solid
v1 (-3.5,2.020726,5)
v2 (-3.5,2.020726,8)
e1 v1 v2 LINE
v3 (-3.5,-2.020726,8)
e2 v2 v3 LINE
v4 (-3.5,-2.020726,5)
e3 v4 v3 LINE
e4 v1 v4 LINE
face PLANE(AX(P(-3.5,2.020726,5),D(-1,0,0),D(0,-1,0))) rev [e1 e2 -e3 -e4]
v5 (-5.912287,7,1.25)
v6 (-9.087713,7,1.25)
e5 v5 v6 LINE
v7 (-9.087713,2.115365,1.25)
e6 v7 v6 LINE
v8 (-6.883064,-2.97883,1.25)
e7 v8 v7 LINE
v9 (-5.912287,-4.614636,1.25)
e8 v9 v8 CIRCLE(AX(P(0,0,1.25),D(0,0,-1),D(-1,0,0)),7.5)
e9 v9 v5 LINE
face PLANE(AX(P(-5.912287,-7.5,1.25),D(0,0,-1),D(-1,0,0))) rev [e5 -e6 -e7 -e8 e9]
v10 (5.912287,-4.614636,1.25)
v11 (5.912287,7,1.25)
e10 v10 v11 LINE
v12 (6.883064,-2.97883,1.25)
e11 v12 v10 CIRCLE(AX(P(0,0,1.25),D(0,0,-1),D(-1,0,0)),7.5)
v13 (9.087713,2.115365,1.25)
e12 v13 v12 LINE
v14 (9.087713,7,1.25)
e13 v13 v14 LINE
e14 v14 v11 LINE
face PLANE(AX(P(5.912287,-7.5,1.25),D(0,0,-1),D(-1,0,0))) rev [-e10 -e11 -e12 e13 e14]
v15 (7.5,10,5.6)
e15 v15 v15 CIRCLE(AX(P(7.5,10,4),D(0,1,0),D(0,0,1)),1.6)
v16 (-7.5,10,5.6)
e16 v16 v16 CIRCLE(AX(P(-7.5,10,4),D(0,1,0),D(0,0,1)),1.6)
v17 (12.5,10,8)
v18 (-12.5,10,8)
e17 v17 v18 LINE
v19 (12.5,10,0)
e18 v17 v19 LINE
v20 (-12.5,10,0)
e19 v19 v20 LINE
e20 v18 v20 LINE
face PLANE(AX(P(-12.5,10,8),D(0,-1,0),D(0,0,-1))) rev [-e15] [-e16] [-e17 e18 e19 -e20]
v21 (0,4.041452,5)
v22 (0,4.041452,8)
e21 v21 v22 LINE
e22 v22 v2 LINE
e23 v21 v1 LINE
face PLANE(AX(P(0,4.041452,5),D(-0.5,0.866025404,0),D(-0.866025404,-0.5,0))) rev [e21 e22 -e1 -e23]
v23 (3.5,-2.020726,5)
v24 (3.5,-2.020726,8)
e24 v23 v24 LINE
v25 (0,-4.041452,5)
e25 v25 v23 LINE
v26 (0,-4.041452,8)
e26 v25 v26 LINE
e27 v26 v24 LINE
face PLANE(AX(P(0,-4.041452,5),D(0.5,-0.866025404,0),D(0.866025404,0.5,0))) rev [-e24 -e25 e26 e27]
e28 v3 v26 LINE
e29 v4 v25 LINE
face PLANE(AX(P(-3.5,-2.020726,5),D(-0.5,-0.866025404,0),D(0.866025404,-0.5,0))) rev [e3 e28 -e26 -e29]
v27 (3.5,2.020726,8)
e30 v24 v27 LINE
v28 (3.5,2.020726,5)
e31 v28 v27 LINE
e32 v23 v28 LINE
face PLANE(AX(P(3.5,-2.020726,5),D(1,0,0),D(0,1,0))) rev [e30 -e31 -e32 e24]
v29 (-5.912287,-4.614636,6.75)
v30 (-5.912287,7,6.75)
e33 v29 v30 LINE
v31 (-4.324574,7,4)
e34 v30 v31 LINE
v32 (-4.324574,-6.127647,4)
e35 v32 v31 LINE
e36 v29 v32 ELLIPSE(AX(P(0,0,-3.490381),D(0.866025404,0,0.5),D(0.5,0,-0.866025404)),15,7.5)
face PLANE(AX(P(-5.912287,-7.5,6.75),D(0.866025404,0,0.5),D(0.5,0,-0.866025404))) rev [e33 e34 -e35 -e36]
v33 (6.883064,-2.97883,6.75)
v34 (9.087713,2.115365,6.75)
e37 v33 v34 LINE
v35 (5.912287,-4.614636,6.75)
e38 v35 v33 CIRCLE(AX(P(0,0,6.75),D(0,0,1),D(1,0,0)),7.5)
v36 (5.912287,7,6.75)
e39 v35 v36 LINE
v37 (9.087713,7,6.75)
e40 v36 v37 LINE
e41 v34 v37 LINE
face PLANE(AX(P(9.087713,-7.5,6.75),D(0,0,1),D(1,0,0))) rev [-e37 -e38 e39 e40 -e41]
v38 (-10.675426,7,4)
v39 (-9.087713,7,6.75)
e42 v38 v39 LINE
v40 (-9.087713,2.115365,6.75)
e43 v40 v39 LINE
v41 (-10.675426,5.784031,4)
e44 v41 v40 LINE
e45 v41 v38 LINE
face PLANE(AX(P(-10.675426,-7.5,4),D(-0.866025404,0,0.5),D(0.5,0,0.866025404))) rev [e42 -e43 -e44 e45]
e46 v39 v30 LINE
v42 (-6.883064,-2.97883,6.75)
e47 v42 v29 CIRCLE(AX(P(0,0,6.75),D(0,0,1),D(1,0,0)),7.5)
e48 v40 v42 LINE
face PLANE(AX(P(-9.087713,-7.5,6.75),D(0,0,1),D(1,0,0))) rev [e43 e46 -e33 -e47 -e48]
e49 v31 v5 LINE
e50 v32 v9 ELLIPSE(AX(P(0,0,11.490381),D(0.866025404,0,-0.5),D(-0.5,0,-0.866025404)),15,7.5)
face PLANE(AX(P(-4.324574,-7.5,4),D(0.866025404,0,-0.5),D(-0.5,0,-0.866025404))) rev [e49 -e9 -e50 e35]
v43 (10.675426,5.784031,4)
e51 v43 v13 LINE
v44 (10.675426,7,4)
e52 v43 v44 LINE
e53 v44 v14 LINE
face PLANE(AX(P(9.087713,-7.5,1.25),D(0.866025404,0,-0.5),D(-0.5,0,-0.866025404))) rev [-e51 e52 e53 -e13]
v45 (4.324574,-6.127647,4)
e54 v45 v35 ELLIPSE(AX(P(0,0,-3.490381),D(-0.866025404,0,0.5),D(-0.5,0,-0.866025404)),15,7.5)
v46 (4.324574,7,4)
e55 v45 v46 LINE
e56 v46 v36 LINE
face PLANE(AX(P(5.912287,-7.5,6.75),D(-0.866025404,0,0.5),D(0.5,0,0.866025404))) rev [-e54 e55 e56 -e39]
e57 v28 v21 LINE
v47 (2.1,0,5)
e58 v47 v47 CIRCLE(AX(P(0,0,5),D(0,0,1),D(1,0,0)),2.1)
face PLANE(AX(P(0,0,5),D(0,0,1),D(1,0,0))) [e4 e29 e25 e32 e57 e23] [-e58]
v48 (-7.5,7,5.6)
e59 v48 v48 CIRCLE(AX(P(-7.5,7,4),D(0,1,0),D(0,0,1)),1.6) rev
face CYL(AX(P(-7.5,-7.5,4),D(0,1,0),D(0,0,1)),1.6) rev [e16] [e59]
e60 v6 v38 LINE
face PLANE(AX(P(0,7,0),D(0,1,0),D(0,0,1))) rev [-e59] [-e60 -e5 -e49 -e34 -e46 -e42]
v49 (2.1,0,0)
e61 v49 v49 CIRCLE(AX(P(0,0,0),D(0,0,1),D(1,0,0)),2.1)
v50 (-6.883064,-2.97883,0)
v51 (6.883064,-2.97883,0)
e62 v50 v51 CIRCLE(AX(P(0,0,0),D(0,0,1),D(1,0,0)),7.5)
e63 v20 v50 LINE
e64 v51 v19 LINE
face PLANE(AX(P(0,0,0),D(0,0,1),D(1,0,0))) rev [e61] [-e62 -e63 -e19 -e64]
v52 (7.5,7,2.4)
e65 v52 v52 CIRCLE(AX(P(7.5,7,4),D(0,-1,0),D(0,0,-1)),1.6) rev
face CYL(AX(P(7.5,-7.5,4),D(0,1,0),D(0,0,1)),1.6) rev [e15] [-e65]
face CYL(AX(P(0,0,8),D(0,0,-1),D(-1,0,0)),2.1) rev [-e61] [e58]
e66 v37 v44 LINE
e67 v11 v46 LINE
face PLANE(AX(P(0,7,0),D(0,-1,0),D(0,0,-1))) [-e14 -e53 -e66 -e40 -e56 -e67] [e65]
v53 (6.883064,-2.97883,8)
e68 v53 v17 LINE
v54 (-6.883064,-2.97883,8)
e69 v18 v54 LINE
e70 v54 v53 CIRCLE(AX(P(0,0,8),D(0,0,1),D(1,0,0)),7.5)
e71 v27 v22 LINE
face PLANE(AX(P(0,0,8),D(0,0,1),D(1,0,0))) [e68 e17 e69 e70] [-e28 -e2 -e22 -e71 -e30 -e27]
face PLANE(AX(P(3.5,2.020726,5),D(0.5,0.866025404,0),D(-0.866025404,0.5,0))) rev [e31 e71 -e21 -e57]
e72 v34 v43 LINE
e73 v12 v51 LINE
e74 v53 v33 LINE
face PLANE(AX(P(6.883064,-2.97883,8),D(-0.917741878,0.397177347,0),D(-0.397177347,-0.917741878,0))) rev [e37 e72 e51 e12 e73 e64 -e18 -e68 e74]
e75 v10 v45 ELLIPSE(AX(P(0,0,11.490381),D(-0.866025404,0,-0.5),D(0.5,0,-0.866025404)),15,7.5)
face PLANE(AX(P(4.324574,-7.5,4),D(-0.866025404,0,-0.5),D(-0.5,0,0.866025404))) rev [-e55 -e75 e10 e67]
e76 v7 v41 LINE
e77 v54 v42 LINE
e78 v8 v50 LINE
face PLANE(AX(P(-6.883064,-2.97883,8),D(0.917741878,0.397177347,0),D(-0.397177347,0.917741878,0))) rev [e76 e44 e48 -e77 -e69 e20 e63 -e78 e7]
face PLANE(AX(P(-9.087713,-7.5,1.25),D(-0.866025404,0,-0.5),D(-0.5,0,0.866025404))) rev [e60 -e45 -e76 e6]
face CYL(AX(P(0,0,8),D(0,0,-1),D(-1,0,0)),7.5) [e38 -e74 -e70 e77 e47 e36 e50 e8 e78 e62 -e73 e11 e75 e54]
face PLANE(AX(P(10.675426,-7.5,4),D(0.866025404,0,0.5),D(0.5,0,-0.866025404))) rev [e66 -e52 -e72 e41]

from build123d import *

# Parameters (mm, degrees)
SKETCH1_R           = 2.1
BOSS_EXTRUDE1_DEPTH = 8
SKETCH2_R           = 1.6
CUT_EXTRUDE1_DEPTH  = 18.5
CUT_EXTRUDE2_DEPTH  = 3
CUT_EXTRUDE3_START  = -3
CUT_EXTRUDE3_DEPTH  = 15.5000001


with BuildPart() as part:
    # Sketch1 → Boss-Extrude1 (new body)
    with BuildSketch(Plane.XY):
        with BuildLine():
            Line((-6.883064085, -2.978830106), (-12.5, 10))
            Line((-12.5, 10), (12.5, 10))
            Line((12.5, 10), (6.883064085, -2.978830106))
            ThreePointArc((6.883064085, -2.978830106), (0, -7.5), (-6.883064085, -2.978830106))
        make_face()
        Circle(SKETCH1_R, mode=Mode.SUBTRACT)
    extrude(amount=BOSS_EXTRUDE1_DEPTH)

    # Sketch2 → Cut-Extrude1 (cut, through all)
    with BuildSketch(Plane(origin=(0, 10, 0), x_dir=(1, 0, 0), z_dir=(0, 1, 0))):
        with Locations((-7.5, -4)):
            Circle(SKETCH2_R)
        with Locations((7.5, -4)):
            Circle(SKETCH2_R)
    extrude(amount=-CUT_EXTRUDE1_DEPTH, mode=Mode.SUBTRACT)

    # Sketch3 → Cut-Extrude2 (cut)
    with BuildSketch(Plane.XY.offset(8)):
        Polygon((0, -4.041451884), (3.5, -2.020725942), (3.5, 2.020725942), (0, 4.041451884), (-3.5, 2.020725942), (-3.5, -2.020725942), align=None)
    extrude(amount=-CUT_EXTRUDE2_DEPTH, mode=Mode.SUBTRACT)

    # Sketch4 → Cut-Extrude3 (cut, through all)
    with BuildSketch(Plane(origin=(0, 10, 0), x_dir=(1, 0, 0), z_dir=(0, 1, 0)).offset(CUT_EXTRUDE3_START)):
        Polygon((-5.91228676, -6.75), (-4.324573519, -4), (-5.91228676, -1.25), (-9.08771324, -1.25), (-10.675426481, -4), (-9.08771324, -6.75), align=None)
        Polygon((9.08771324, -6.75), (5.91228676, -6.75), (4.324573519, -4), (5.91228676, -1.25), (9.08771324, -1.25), (10.675426481, -4), align=None)
    extrude(amount=-CUT_EXTRUDE3_DEPTH, mode=Mode.SUBTRACT)


solid = part.part
